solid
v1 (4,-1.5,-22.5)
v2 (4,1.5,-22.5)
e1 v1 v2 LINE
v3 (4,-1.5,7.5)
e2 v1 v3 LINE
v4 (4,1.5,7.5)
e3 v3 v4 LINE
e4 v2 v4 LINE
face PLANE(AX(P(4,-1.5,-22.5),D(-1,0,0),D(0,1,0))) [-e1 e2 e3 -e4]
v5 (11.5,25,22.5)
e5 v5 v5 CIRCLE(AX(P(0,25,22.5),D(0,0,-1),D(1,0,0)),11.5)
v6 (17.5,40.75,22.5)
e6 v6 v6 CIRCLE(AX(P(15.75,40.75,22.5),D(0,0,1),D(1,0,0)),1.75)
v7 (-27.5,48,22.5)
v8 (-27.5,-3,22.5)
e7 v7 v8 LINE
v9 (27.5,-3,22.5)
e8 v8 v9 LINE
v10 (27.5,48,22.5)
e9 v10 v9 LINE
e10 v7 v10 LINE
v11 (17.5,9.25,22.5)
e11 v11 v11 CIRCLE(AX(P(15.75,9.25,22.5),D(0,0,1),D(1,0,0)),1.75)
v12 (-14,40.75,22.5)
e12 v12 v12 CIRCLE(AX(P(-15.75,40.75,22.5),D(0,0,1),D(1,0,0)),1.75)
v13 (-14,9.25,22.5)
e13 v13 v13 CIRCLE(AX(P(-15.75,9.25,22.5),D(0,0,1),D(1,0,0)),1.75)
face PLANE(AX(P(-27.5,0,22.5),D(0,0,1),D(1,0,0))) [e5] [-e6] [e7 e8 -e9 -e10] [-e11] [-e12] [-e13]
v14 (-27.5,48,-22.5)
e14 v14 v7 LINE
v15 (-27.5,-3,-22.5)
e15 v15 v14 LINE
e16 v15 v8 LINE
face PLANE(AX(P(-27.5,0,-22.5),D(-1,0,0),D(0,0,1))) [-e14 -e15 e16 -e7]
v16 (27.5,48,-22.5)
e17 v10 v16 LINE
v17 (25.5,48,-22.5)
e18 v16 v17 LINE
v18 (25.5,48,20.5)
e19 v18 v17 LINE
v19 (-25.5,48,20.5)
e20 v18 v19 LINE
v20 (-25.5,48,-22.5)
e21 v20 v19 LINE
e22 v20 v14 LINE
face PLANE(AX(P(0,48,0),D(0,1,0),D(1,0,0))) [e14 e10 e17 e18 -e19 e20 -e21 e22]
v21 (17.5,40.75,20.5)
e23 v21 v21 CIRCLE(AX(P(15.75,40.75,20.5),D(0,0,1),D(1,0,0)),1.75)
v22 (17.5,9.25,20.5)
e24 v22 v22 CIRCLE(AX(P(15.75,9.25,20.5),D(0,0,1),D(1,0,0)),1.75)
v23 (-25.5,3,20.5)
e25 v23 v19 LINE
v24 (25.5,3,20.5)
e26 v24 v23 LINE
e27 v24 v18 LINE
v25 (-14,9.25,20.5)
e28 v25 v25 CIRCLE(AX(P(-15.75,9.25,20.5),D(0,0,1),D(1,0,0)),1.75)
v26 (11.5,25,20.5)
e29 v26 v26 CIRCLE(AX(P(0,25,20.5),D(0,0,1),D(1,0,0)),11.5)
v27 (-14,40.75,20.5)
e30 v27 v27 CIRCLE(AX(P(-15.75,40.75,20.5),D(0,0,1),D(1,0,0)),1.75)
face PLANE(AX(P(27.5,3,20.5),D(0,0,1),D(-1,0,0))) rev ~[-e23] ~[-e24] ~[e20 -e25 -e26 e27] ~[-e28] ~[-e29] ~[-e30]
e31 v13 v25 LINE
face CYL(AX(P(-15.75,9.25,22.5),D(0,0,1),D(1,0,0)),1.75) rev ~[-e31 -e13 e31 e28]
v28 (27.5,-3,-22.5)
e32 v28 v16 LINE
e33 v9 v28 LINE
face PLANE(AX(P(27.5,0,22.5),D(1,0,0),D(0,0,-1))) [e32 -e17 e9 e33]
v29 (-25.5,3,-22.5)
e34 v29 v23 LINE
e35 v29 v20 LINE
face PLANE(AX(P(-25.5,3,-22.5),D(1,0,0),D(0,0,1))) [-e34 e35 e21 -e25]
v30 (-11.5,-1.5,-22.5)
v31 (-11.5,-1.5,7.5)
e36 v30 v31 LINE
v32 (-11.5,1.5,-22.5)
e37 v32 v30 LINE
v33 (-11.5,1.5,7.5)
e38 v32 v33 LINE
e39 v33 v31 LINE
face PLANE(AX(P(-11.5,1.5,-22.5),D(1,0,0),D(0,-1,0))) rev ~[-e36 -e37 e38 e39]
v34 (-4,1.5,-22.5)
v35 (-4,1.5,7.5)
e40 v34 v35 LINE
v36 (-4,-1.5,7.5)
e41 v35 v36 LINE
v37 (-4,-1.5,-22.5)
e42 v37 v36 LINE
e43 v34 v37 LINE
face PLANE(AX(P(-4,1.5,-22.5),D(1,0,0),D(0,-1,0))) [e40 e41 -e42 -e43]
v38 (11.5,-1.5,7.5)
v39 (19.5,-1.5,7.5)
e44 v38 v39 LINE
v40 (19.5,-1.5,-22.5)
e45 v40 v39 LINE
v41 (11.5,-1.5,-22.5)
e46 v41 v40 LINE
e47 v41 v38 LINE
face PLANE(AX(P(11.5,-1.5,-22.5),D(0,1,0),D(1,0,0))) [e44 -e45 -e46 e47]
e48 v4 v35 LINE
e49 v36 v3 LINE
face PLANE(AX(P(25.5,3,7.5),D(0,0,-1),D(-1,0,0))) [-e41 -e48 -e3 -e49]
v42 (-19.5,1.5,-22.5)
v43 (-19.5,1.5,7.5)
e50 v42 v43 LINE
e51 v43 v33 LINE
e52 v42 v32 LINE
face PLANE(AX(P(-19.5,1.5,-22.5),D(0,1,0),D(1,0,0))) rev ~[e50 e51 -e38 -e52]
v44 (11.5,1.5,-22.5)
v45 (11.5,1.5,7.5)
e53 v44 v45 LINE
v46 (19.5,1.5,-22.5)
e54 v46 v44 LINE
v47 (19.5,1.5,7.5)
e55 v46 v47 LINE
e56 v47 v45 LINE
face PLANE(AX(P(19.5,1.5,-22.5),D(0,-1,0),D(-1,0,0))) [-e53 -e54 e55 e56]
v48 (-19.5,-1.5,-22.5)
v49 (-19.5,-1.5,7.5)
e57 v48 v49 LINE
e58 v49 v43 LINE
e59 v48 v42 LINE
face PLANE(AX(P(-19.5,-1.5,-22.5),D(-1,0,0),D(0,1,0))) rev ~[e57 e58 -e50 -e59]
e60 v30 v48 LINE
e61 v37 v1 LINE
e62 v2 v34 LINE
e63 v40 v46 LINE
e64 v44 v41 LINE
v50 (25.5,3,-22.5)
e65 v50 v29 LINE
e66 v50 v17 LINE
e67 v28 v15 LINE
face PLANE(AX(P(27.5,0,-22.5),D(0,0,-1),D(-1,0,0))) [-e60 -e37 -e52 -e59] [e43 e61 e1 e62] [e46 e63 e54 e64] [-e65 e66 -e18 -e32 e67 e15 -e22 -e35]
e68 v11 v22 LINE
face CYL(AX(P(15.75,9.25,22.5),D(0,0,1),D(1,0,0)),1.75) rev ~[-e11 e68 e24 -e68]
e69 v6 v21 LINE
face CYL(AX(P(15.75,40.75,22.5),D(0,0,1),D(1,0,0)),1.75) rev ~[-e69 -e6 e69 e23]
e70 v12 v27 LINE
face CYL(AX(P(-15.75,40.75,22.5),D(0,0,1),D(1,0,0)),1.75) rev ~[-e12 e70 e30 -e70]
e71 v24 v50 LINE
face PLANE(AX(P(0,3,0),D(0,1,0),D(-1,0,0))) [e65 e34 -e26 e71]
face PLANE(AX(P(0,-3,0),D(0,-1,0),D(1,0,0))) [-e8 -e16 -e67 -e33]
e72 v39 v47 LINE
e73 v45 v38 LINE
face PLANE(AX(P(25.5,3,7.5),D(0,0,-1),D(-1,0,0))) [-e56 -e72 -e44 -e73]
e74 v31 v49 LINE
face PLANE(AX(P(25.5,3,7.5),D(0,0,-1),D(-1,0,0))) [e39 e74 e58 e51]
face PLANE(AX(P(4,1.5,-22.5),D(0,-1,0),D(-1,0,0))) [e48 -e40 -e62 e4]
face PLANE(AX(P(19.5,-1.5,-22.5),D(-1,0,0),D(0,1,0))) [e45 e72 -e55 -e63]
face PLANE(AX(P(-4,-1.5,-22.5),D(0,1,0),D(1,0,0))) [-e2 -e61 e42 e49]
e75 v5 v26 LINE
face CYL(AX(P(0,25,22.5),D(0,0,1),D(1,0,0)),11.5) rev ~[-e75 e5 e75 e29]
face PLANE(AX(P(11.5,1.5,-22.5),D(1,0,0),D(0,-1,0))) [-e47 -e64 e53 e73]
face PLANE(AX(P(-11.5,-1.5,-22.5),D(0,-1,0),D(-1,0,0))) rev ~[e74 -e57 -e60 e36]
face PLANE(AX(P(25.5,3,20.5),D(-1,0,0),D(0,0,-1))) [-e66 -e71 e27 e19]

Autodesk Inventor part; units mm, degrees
ref_plane "YZ Plane" through (0, 0, 0) normal (1, 0, 0) x (0, 1, 0)
ref_plane "XZ Plane" through (0, 0, 0) normal (0, 1, 0) x (-1, 0, 0)
ref_plane "XY Plane" through (0, 0, 0) normal (0, 0, 1) x (1, 0, 0)
sketch "Skizze1" plane through (0, 0, 0) normal (0, 1, 0) x (-1, 0, 0)
  line L0 (-27.5, 22.5) -> (27.5, 22.5)
  line L1 (27.5, 22.5) -> (27.5, -22.5)
  line L2 (27.5, -22.5) -> (-27.5, -22.5)
  line L3 (-27.5, -22.5) -> (-27.5, 22.5)
  line L4 (0, -31.5) -> (0, 31.5) projected
  line L5 (38.5, 0) -> (-38.5, 0) projected
  point P0 (0, 0)
  dimension "d0" = 55
  dimension "d1" = 45
extrude "Extrusion1" add sketch "Skizze1" along normal blind 3
sketch "Skizze2" plane through (0, 3, 0) normal (0, 1, 0) x (1, 0, 0)
  line L0 (-27.5, 22.5) -> (-27.5, -22.5) projected
  line L1 (27.5, -22.5) -> (27.5, 22.5) projected
  line L2 (-27.5, -22.5) -> (27.5, -22.5)
  line L3 (27.5, -22.5) -> (27.5, -20.5)
  line L4 (27.5, -20.5) -> (-27.5, -20.5)
  line L5 (-27.5, -20.5) -> (-27.5, -22.5)
  point P0 (0, 0)
  dimension "d4" = 2
extrude "Extrusion2" add sketch "Skizze2" along normal blind 45
sketch "Skizze3" plane through (-27.5, 0, 22.5) normal (0, 0, 1) x (1, 0, 0)
  circle A0 centre (27.5, 25) radius 11.5
  line L0 (0, 0) -> (55, 0) projected
  line L1 (55, 0) -> (55, 48) projected
  circle A1 centre (43.25, 9.25) radius 1.75
  circle A2 centre (11.75, 9.25) radius 1.75
  circle A3 centre (11.75, 40.75) radius 1.75
  circle A4 centre (43.25, 40.75) radius 1.75
  line L2 (0, 48) -> (55, 48) projected
  line L3 (27.5, 48) -> (27.5, 0)
  line L4 (4.6208, 25) -> (55, 25)
  dimension "d7" = 23
  dimension "d10" = 3.5
  dimension "d11" = 3.5
  dimension "d12" = 3.5
  dimension "d13" = 3.5
  dimension "d17" = 31.5
  dimension "d48" = 0
extrude "Extrusion3" cut sketch "Skizze3" against normal up to surface (2 mm away) contours L4 L3 A0 | A0 L3 L4 | L3 L4 A0 | A0 L4 L3 | A1 | A2 | A3 | A4
sketch "Skizze10" plane through (0, 3, 0) normal (0, 1, 0) x (1, 0, 0)
  line L0 (27.5, -20.5) -> (27.5, 22.5) projected
  line L1 (27.5, 22.5) -> (-27.5, 22.5) projected
  line L2 (27.5, -20.5) -> (25.5, -20.5)
  line L3 (25.5, -20.5) -> (25.5, 22.5)
  line L4 (25.5, 22.5) -> (27.5, 22.5)
  line L5 (27.5, 22.5) -> (27.5, -20.5)
  line L6 (27.5, -20.5) -> (-27.5, -20.5) projected
  line L7 (-27.5, 22.5) -> (-25.5, 22.5)
  line L8 (-25.5, 22.5) -> (-25.5, -20.5)
  line L9 (-25.5, -20.5) -> (-27.5, -20.5)
  line L10 (-27.5, -20.5) -> (-27.5, 22.5)
  point P0 (0, 0)
  point P1 (-27.5, -20.5)
  dimension "d43" = 2
  dimension "d44" = 2
extrude "Extrusion6" add sketch "Skizze10" along normal up to surface (45 mm away) contours L2 L3 L1 L0 | L6 L10 L1 L8
sketch "Skizze11" plane through (0, 0, 0) normal (0, -1, 0) x (1, 0, 0)
  line L0 (27.5, 22.5) -> (27.5, -22.5) projected
  line L1 (-27.5, 22.5) -> (27.5, 22.5) projected
  line L2 (27.5, -22.5) -> (-27.5, -22.5)
  line L3 (-27.5, -22.5) -> (-27.5, 22.5)
  line L4 (-27.5, 22.5) -> (27.5, 22.5)
  line L5 (27.5, 22.5) -> (27.5, -22.5)
  point P0 (0, 0)
extrude "Extrusion7" add sketch "Skizze11" along normal blind 3
sketch "Skizze12" plane through (25.5, 3, -22.5) normal (0, 0, -1) x (-1, 0, 0)
  line L0 (6, -1.5) -> (14, -1.5)
  line L1 (14, -1.5) -> (14, -4.5)
  line L2 (14, -4.5) -> (6, -4.5)
  line L3 (6, -4.5) -> (6, -1.5)
  line L4 (45, -1.5) -> (37, -1.5)
  line L5 (37, -1.5) -> (37, -4.5)
  line L6 (37, -4.5) -> (45, -4.5)
  line L7 (45, -4.5) -> (45, -1.5)
  line L8 (21.5, -1.5) -> (29.5, -1.5)
  line L9 (29.5, -1.5) -> (29.5, -4.5)
  line L10 (29.5, -4.5) -> (21.5, -4.5)
  line L11 (21.5, -4.5) -> (21.5, -1.5)
  line L12 (0, 0) -> (51, 0) projected
  line L13 (-2, -6) -> (-2, 45) projected
  line L14 (53, 45) -> (53, -6) projected
  point P0 (25.5, -3)
  dimension "d52" = 8
  dimension "d53" = 3
  dimension "d54" = 8
  dimension "d55" = 3
  dimension "d56" = 8
  dimension "d57" = 3
  dimension "d58" = 1.5
  dimension "d59" = 1.5
  dimension "d60" = 1.5
  dimension "d61" = 8
  dimension "d62" = 8
  dimension "d63" = 7.5
extrude "Extrusion8" cut sketch "Skizze12" against normal blind 30
properties part number "Motorhalterung_v2"
